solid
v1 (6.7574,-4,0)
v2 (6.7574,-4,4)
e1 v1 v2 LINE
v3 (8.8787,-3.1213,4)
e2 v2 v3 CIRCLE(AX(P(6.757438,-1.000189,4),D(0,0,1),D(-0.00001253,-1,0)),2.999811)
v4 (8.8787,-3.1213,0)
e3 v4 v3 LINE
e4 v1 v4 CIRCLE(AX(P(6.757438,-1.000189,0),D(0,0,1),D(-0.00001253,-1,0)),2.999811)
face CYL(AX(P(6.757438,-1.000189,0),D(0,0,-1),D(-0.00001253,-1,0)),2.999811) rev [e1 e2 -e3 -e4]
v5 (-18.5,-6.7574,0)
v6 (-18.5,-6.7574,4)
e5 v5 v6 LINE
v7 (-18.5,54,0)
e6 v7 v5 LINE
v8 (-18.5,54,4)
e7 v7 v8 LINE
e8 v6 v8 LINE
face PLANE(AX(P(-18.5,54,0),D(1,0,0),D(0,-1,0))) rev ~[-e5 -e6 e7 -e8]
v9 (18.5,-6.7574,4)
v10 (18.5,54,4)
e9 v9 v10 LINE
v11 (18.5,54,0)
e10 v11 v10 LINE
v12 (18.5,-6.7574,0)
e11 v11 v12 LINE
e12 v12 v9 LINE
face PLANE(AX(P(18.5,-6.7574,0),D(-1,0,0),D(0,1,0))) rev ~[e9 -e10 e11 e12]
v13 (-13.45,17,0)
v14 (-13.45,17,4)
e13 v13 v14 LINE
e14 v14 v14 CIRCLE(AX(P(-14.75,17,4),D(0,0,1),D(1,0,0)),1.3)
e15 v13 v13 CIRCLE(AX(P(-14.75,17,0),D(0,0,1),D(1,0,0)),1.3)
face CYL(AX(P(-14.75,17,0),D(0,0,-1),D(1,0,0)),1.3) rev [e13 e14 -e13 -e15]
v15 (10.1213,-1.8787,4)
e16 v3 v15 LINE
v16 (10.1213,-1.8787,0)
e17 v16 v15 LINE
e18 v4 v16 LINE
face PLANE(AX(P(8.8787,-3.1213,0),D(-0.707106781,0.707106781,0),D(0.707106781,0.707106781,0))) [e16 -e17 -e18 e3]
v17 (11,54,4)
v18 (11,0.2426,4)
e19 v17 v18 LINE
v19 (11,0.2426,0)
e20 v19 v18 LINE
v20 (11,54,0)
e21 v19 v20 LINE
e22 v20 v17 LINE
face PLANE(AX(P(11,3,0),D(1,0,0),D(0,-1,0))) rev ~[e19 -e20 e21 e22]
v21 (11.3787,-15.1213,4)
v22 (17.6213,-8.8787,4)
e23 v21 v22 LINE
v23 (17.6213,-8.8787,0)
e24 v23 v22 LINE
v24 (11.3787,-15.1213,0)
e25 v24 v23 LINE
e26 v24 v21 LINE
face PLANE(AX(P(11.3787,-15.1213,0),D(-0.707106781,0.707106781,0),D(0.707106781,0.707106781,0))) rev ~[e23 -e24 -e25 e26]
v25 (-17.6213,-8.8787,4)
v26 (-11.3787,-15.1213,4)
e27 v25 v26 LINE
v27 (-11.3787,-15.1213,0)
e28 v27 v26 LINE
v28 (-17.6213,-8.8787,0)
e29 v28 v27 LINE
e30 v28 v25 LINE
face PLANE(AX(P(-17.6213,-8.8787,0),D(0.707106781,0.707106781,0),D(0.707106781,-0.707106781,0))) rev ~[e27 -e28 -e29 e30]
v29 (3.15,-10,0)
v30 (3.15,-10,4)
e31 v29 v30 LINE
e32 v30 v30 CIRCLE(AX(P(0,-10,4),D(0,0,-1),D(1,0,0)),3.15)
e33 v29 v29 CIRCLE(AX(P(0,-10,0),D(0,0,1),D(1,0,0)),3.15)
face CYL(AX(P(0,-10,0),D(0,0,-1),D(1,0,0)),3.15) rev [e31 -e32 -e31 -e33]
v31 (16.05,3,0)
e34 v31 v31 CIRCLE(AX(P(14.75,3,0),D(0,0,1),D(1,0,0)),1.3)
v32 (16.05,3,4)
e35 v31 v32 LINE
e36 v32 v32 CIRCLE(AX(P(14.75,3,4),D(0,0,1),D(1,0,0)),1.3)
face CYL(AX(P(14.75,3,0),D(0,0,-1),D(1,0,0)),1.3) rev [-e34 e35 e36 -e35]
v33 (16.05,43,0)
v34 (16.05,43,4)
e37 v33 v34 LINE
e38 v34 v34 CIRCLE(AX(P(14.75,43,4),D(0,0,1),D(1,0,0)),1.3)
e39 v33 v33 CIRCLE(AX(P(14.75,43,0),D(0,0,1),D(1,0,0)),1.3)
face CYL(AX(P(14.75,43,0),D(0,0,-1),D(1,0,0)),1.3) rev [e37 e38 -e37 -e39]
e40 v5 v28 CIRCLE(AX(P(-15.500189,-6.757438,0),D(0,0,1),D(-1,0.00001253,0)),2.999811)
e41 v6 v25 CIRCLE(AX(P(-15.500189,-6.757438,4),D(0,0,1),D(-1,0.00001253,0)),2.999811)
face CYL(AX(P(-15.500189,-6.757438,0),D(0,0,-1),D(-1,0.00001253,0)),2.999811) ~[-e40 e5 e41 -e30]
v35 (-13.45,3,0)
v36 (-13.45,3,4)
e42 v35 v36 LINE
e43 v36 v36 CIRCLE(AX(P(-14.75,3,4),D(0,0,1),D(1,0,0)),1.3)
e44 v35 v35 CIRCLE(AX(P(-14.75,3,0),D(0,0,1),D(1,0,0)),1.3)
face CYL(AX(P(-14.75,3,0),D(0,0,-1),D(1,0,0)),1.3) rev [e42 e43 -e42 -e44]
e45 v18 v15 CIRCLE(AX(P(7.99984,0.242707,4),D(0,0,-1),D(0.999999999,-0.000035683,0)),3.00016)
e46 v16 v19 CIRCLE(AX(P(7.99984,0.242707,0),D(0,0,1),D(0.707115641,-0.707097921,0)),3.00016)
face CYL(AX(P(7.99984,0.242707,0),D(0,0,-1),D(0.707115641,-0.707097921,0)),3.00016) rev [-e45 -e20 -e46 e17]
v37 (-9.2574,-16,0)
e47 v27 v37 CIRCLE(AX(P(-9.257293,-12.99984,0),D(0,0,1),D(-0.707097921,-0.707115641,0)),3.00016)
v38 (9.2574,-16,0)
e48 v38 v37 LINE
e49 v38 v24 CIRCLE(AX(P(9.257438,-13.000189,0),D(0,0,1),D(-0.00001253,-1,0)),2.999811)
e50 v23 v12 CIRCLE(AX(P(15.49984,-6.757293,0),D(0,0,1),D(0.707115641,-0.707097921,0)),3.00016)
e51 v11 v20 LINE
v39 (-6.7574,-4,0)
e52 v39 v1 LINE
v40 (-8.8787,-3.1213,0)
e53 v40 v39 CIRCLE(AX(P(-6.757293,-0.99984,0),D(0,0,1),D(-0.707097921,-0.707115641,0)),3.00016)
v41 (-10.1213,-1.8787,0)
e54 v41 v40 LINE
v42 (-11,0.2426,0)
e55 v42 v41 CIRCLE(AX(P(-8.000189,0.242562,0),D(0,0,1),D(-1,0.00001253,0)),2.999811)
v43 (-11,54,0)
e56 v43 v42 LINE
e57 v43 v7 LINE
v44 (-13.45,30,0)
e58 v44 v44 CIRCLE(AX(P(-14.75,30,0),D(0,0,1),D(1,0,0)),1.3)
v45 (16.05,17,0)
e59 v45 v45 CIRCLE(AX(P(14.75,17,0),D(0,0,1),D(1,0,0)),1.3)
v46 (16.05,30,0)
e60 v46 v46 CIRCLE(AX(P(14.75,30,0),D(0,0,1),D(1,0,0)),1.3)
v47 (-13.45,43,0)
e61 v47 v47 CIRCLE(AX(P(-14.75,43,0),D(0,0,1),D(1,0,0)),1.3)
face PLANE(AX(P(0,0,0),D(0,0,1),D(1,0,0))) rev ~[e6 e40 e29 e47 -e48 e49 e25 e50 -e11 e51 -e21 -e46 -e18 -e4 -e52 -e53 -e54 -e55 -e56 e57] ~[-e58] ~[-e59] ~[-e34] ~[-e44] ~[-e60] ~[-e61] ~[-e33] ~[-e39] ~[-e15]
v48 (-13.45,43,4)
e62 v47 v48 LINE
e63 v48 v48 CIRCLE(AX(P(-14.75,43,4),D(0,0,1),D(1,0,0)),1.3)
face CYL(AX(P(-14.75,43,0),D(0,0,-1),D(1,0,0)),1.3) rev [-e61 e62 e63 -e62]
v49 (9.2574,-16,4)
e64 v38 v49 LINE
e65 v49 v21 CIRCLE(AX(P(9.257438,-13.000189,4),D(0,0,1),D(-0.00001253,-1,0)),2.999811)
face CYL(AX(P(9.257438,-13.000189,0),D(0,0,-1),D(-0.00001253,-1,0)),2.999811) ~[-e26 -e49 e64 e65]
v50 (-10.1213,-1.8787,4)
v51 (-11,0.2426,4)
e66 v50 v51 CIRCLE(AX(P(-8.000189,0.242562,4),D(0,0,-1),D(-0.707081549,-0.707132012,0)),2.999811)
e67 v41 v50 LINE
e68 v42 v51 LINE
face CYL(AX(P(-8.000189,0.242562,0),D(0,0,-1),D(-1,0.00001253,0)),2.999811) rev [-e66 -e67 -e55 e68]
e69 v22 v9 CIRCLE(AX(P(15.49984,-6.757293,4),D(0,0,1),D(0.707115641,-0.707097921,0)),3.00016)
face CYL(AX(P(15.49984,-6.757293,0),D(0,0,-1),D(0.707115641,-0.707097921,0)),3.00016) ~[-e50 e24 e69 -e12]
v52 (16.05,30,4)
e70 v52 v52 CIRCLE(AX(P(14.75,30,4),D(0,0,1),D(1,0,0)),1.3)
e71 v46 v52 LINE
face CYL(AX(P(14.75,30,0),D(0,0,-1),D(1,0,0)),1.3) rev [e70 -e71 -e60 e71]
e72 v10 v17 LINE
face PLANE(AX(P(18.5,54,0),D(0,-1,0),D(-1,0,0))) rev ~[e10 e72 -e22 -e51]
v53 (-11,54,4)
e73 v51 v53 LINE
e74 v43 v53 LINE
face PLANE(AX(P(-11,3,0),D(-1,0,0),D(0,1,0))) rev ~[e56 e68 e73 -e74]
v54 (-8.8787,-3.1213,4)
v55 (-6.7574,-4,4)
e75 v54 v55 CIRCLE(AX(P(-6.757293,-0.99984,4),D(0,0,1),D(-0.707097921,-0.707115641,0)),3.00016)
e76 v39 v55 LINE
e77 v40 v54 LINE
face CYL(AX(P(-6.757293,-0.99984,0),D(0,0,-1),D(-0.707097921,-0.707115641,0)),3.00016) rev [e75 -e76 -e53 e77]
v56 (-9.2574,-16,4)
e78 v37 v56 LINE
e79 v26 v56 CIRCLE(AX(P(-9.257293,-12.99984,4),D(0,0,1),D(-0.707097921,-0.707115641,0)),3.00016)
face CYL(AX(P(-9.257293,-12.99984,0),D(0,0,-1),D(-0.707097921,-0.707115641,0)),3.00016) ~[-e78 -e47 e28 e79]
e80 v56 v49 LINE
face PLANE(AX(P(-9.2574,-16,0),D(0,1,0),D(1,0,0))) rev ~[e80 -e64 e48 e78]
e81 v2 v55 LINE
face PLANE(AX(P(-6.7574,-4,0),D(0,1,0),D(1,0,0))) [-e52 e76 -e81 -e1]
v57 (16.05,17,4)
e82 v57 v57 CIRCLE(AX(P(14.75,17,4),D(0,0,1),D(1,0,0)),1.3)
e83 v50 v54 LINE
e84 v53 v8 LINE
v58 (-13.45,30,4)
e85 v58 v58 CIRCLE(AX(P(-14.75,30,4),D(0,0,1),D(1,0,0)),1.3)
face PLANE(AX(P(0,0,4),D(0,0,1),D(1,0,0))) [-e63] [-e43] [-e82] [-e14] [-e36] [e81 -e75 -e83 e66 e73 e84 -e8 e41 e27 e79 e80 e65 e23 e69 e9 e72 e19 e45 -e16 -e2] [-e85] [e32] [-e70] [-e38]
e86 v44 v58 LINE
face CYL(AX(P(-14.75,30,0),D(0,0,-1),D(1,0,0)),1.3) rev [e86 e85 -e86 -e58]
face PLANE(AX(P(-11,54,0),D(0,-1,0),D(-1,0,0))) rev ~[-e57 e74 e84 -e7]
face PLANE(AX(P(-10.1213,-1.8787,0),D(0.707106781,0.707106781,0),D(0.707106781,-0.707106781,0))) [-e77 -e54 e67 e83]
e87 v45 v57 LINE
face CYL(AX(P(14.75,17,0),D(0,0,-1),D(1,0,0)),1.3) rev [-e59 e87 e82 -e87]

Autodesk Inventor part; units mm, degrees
ref_plane "YZ Plane" through (0, 0, 0) normal (1, 0, 0) x (0, 1, 0)
ref_plane "XZ Plane" through (0, 0, 0) normal (0, 1, 0) x (-1, 0, 0)
ref_plane "XY Plane" through (0, 0, 0) normal (0, 0, 1) x (1, 0, 0)
sketch "Skizze2" plane through (0, 0, 0) normal (0, 0, 1) x (1, 0, 0)
  line L0 (-26.1954, 0) -> (26.1954, 0) projected
  line L1 (0, -30.2532) -> (0, 68.0422) projected
  line L2 (-18.5, 54) -> (-18.5, -6.7574)
  line L3 (-9.2574, -16) -> (9.2574, -16)
  line L4 (18.5, -6.7574) -> (18.5, 54)
  line L5 (18.5, 54) -> (11, 54)
  line L6 (11, 54) -> (11, 3)
  line L7 (-11, 3) -> (-11, 54)
  line L8 (-11, 54) -> (-18.5, 54)
  circle A0 centre (0, -10) radius 3.15
  circle A1 centre (-14.75, 43) radius 1.3
  circle A2 centre (-14.75, 30) radius 1.3
  circle A3 centre (-14.75, 17) radius 1.3
  circle A4 centre (-14.75, 3) radius 1.3
  circle A5 centre (14.75, 43) radius 1.3
  circle A6 centre (14.75, 30) radius 1.3
  circle A7 centre (14.75, 17) radius 1.3
  circle A8 centre (14.75, 3) radius 1.3
  line L9 (-17.6213, -8.8787) -> (-11.3787, -15.1213)
  line L10 (11.3787, -15.1213) -> (17.6213, -8.8787)
  arc A9 (-18.5, -6.7574) -> (-17.6213, -8.8787) centre (-15.5, -6.7574) ccw
  arc A10 (-11.3787, -15.1213) -> (-9.2574, -16) centre (-9.2574, -13) ccw
  arc A11 (9.2574, -16) -> (11.3787, -15.1213) centre (9.2574, -13) ccw
  line L11 (-11, 3) -> (-11, 0.2426)
  line L12 (11, 3) -> (11, 0.2426)
  line L13 (-6.7574, -4) -> (6.7574, -4)
  line L14 (-10.1213, -1.8787) -> (-8.8787, -3.1213)
  line L15 (8.8787, -3.1213) -> (10.1213, -1.8787)
  arc A12 (-11, 0.2426) -> (-10.1213, -1.8787) centre (-8, 0.2426) ccw
  arc A13 (-8.8787, -3.1213) -> (-6.7574, -4) centre (-6.7574, -1) ccw
  arc A14 (6.7574, -4) -> (8.8787, -3.1213) centre (6.7574, -1) ccw
  arc A15 (10.1213, -1.8787) -> (11, 0.2426) centre (8, 0.2426) ccw
  arc A16 (17.6213, -8.8787) -> (18.5, -6.7574) centre (15.5, -6.7574) ccw
  point P0 (0, 0)
  point P1 (-18.5, -16)
  point P2 (18.5, -16)
  point P3 (11, 0)
  point P4 (-11, 0)
  point P5 (-8, 0)
  point P6 (-11, 3)
  point P7 (8, 0)
  point P8 (11, 3)
  point P9 (-18.5, -8)
  point P10 (-10.5, -16)
  point P11 (10.5, -16)
  point P12 (18.5, -8)
  point P13 (-11, -4)
  point P14 (11, -4)
  point P15 (-11, -1)
  point P16 (-8, -4)
  point P17 (8, -4)
  point P18 (11, -1)
  dimension "d0" = 70
  dimension "d1" = 37
  dimension "d2" = 90
  dimension "d3" = 70
  dimension "d4" = 90
  dimension "d6" = 7.5
  dimension "d8" = 90
  dimension "d9" = 22
  dimension "d10" = 54
  dimension "d11" = 6.3
  dimension "d13" = 6
  dimension "d14" = 2.6
  dimension "d15" = 3.75
  dimension "d16" = 11
  dimension "d17" = 2.6
  dimension "d18" = 2.6
  dimension "d19" = 2.6
  dimension "d20" = 13
  dimension "d21" = 13
  dimension "d22" = 14
  dimension "d23" = 3.75
  dimension "d24" = 3.75
  dimension "d25" = 3.75
  dimension "d26" = 2.6
  dimension "d27" = 2.6
  dimension "d28" = 2.6
  dimension "d29" = 2.6
  dimension "d30" = 3.75
  dimension "d31" = 3
  dimension "d32" = 3
  dimension "d33" = 3
  dimension "d34" = 3
  dimension "d35" = 8
  dimension "d36" = 8
  dimension "d37" = 8
  dimension "d38" = 8
  dimension "d45" = 7
  dimension "d46" = 7
  dimension "d47" = 3
  dimension "d48" = 3
  dimension "d49" = 3
  dimension "d50" = 3
  dimension "d51" = 3
  dimension "d52" = 90
  dimension "d53" = 54
  dimension "d54" = 4
  dimension "d55" = 11
  dimension "d56" = 8
  dimension "d57" = 8
  dimension "d58" = 3
extrude "Extrusion1" add sketch "Skizze2" along normal blind 4 contours L2 L8 L7 L11 A12 L0 | L0 A12 L14 A13 L13 L1 A0 L3 A10 L9 A9 L2 | A15 L12 L6 L5 L4 L0 | L0 L4 A16 L10 A11 L3 L1 A0 L13 A14 L15 A15
equation "\"d3\" = d0"
equation "\"d14\" = d29"
equation "\"d17\" = d28"
equation "\"d18\" = d28"
equation "\"d19\" = d29"
equation "\"d23\" = d24"
equation "\"d24\" = d25"
equation "\"d25\" = d15"
equation "\"d26\" = d29"
equation "\"d27\" = d28"
equation "\"d28\" = d29"
equation "\"d30\" = d15"
equation "\"d32\" = d31"
equation "\"d33\" = d31"
equation "\"d34\" = d33"
equation "\"d36\" = d35"
equation "\"d37\" = d35"
equation "\"d38\" = d37"
equation "\"d46\" = d45"
equation "\"d48\" = d47"
equation "\"d49\" = d47"
equation "\"d50\" = d49"
properties part number "Part1_new1" material "Aluminium 6061"
